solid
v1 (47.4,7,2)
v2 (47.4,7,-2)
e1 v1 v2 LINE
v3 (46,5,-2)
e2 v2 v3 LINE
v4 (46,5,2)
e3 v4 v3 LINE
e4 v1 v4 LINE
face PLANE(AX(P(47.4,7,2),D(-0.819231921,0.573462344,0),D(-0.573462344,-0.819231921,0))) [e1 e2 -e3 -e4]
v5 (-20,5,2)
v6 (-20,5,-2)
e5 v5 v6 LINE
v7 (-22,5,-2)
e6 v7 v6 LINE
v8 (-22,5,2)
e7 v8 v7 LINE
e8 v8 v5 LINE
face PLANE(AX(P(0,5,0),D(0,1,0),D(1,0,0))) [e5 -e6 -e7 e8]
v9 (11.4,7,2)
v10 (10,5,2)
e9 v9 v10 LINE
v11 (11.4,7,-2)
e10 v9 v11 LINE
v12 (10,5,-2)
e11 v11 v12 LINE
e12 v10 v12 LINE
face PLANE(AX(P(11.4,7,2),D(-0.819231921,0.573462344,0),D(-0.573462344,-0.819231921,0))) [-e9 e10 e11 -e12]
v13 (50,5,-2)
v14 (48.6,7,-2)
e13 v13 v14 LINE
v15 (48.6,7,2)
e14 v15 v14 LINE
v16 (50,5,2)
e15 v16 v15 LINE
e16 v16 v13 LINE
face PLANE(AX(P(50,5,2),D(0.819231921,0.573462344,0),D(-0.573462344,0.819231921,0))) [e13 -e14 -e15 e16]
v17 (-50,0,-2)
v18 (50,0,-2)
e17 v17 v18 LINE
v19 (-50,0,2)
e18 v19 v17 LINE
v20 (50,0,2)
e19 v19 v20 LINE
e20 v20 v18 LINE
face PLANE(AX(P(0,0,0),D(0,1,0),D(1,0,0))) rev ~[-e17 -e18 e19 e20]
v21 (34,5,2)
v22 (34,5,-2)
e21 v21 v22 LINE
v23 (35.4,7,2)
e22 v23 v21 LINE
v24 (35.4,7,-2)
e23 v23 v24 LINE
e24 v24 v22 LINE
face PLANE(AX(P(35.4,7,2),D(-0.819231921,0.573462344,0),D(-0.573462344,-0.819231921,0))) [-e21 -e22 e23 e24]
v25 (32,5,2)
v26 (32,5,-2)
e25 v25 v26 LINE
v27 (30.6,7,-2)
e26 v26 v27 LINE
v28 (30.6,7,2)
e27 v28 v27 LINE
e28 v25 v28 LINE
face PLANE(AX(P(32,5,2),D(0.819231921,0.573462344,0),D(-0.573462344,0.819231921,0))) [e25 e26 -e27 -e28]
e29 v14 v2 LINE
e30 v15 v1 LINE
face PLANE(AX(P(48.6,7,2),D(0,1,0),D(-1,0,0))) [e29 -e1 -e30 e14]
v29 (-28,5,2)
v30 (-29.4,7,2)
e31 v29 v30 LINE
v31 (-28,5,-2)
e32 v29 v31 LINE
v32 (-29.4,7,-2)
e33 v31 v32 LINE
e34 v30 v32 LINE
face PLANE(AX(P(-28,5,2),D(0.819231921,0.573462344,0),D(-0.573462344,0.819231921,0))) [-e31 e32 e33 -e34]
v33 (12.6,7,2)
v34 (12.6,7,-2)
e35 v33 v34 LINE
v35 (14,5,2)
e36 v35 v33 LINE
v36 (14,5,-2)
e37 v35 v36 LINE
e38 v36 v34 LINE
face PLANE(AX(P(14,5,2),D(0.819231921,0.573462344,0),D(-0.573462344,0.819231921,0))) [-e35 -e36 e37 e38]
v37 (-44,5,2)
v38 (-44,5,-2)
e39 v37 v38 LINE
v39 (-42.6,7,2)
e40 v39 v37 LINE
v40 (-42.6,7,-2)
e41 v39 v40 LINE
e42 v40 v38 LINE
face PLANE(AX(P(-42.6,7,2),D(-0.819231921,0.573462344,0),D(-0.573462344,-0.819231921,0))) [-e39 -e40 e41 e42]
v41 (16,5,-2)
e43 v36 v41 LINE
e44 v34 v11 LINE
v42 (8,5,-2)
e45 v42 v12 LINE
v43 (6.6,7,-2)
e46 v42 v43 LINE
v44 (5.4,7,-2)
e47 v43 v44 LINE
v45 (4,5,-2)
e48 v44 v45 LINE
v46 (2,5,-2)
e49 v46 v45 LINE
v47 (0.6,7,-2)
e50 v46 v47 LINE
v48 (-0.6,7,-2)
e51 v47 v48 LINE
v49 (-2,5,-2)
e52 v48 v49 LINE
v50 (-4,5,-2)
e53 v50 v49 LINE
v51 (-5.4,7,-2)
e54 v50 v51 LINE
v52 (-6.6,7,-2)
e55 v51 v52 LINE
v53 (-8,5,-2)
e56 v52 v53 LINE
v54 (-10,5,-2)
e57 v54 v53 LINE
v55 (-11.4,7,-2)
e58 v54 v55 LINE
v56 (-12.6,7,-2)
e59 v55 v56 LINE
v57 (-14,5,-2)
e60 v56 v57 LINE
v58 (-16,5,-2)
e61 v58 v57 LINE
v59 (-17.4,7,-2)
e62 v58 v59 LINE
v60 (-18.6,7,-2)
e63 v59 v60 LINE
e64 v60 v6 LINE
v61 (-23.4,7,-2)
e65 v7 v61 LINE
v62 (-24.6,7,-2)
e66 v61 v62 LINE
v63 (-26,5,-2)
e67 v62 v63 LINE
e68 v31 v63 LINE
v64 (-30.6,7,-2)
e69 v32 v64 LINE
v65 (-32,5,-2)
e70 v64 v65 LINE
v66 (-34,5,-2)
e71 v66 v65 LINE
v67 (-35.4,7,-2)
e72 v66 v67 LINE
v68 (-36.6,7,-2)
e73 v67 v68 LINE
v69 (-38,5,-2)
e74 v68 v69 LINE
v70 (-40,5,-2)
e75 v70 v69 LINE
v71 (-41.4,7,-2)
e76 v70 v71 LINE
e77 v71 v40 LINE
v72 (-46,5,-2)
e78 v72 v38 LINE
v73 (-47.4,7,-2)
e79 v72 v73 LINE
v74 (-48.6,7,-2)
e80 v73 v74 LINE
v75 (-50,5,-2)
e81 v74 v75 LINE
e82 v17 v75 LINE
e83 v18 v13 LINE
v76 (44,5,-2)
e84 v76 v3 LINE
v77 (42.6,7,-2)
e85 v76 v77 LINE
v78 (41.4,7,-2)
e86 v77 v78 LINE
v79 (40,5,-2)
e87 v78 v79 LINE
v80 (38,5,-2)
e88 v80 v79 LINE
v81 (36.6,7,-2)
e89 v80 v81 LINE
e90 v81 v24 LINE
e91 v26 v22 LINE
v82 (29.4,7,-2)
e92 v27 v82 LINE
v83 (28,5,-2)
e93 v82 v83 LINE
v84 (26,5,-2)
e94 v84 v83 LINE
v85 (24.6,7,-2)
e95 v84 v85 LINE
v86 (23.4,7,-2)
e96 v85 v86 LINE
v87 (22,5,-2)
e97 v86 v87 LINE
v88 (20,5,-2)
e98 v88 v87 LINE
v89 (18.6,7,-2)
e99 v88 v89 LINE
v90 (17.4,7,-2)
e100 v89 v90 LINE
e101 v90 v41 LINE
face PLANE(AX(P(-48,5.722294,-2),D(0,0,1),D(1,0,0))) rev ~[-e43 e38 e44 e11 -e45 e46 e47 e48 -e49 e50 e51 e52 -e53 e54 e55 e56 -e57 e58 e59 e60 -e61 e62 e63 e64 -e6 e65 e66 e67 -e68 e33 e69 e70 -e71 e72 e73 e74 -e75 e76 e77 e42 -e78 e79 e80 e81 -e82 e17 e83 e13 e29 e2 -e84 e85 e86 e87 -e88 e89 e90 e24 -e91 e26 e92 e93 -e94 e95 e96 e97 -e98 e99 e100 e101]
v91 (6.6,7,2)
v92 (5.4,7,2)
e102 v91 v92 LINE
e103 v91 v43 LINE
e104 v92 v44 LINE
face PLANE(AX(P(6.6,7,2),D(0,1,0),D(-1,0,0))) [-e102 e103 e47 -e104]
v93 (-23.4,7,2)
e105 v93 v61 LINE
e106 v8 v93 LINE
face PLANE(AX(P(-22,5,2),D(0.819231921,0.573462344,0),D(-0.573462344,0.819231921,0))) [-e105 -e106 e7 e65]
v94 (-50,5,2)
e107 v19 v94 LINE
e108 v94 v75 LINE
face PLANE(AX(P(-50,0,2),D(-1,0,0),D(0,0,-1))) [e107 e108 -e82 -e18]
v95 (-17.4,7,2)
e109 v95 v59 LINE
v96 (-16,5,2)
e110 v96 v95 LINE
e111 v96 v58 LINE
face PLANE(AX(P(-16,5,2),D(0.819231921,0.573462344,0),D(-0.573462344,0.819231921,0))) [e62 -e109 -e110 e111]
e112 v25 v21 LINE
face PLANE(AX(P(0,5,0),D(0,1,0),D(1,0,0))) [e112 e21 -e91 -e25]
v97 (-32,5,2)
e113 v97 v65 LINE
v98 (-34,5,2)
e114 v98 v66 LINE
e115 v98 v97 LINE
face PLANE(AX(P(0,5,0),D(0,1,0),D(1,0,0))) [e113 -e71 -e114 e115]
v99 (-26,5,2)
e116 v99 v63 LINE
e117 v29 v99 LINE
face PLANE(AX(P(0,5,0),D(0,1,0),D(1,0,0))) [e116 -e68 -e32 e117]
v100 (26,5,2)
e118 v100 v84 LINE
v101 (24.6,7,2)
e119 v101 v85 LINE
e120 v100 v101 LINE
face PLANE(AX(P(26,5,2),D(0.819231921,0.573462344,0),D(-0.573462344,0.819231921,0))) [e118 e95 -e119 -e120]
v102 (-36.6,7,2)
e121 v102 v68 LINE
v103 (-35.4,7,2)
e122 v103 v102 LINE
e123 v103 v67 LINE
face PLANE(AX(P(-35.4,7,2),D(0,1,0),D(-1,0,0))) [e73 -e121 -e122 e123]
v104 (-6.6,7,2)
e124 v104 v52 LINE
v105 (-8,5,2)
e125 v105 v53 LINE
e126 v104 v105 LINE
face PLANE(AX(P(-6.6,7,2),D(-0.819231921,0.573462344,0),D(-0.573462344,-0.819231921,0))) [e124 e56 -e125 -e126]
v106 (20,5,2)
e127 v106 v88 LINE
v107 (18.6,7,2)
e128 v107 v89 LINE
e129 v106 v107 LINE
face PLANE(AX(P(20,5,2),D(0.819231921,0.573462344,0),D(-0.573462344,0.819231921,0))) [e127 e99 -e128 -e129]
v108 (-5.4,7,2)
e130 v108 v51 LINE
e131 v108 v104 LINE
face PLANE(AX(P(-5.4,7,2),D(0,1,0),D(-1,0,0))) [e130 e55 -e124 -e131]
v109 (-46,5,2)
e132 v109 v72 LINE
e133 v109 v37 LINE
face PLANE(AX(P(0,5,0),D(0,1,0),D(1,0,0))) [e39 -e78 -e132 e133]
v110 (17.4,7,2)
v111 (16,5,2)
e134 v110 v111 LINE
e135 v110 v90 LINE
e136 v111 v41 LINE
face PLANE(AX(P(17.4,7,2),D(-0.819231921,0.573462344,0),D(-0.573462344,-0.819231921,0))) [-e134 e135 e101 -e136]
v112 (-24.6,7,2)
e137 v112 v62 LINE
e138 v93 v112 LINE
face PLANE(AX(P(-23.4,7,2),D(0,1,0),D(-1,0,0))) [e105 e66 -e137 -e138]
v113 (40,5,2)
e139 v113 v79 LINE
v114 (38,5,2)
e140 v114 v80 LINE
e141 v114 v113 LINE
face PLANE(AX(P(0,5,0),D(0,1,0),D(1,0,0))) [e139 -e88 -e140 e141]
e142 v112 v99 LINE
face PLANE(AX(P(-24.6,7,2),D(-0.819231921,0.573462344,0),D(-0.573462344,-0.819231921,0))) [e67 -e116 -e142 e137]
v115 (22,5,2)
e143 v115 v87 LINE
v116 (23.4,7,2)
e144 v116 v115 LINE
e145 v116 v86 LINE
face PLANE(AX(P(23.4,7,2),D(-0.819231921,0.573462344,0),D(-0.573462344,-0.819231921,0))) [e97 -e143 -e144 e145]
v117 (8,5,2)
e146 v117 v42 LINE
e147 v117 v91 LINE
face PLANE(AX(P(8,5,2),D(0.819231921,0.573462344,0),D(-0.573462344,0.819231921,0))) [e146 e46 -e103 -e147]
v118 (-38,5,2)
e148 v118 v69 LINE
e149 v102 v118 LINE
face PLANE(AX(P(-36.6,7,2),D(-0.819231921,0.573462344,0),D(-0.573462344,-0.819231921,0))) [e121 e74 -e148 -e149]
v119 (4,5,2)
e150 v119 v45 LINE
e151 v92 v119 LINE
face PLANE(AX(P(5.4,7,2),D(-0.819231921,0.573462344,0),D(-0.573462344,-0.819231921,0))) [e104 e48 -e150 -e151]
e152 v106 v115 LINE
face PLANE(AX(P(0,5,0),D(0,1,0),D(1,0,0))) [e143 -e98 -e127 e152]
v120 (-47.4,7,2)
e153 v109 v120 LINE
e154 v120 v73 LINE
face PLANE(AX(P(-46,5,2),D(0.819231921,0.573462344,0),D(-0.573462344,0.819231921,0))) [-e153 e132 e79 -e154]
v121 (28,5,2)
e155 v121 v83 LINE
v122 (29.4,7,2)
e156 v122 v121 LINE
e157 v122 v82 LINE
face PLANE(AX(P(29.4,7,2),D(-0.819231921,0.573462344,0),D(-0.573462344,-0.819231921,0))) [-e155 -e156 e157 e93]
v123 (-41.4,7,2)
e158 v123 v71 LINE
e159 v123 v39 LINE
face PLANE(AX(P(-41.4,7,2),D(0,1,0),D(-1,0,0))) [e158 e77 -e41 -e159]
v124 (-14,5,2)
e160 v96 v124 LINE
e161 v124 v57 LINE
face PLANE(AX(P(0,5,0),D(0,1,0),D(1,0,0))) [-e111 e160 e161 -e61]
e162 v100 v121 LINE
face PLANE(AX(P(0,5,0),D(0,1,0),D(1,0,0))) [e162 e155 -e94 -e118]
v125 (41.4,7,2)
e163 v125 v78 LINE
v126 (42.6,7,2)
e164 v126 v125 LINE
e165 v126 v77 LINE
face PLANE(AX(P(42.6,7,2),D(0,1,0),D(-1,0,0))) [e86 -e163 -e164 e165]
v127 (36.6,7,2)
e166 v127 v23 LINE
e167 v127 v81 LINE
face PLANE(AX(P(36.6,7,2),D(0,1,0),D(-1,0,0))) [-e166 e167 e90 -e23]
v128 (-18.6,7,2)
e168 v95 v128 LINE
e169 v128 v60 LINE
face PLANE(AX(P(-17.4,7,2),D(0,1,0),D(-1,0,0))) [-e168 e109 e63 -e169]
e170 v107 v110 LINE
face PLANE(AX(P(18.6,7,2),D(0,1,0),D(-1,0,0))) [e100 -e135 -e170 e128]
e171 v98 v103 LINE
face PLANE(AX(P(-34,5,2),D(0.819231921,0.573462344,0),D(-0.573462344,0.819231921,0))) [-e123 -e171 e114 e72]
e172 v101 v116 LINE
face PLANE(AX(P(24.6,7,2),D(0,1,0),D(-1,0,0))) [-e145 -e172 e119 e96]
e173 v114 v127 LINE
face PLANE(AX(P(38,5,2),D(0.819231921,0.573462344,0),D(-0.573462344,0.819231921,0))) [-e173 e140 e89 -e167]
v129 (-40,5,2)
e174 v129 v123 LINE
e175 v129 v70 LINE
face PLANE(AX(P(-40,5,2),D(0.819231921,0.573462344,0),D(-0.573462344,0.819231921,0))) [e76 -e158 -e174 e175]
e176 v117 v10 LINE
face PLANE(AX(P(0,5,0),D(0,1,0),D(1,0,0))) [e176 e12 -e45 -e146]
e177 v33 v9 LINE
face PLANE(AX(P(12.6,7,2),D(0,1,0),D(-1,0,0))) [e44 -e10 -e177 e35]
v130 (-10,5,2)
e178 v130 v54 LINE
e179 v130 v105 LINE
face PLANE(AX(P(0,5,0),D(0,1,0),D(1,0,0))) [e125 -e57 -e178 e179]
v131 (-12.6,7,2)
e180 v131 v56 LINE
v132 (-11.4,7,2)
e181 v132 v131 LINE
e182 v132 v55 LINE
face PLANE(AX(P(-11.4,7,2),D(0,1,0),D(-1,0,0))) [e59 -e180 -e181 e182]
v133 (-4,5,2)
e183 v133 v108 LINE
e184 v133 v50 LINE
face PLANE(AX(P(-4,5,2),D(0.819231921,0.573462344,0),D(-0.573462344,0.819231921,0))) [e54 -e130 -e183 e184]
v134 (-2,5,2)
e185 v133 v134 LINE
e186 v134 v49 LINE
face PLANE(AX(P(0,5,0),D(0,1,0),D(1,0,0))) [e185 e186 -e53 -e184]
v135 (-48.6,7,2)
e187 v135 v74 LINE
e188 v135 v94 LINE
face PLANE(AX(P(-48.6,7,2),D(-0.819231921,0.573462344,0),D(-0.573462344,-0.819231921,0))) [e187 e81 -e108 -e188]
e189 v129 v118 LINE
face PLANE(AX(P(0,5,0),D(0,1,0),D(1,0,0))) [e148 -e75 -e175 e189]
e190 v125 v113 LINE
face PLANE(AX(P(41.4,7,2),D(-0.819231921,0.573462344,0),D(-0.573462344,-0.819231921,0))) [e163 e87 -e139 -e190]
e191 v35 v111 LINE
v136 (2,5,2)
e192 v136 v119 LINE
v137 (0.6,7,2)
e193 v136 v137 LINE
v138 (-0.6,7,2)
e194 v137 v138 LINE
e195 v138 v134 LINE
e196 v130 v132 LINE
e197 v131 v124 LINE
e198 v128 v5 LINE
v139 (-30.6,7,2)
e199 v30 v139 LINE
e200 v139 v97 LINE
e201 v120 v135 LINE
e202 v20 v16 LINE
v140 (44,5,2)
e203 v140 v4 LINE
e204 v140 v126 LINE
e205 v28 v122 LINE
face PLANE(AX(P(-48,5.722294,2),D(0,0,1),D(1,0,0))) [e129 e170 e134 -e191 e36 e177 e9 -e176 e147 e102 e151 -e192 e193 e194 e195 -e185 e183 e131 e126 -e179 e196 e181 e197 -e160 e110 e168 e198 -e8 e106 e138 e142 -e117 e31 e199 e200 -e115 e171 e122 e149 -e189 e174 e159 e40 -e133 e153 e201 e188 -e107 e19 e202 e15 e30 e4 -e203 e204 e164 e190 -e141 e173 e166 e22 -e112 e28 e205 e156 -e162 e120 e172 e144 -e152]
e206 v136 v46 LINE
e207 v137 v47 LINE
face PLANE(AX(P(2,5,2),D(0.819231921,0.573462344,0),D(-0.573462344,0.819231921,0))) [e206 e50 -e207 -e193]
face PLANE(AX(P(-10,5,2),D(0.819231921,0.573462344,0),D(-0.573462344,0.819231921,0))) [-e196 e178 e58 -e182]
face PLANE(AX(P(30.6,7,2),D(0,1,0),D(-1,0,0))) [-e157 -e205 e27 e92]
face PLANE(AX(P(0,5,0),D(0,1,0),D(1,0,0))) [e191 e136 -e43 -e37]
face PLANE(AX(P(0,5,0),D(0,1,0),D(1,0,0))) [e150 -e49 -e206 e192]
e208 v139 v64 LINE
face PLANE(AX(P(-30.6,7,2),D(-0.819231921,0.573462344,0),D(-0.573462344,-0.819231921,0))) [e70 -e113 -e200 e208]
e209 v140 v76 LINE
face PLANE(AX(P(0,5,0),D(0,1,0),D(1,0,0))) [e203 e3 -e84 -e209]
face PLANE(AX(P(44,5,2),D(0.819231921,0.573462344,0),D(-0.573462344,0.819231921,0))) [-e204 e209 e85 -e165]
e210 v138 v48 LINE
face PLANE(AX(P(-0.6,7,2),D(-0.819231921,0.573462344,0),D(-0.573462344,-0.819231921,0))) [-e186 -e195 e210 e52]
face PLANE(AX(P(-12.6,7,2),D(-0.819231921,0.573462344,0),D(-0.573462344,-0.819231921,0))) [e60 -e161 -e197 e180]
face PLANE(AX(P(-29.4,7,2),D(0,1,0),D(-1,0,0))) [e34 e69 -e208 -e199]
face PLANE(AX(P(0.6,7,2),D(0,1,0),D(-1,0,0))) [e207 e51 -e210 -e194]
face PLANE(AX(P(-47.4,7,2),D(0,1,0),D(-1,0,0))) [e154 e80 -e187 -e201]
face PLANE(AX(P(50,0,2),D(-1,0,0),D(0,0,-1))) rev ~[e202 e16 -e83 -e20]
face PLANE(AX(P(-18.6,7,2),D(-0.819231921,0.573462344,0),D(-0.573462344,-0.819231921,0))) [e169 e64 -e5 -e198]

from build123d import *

# Parameters (mm, degrees)
SKETCH2_W           = 100
SKETCH2_H           = 4
BOSS_EXTRUDE1_DEPTH = 5
BOSS_EXTRUDE2_DEPTH = 4


with BuildPart() as part:
    # Sketch2 → Boss-Extrude1 (new body)
    with BuildSketch(Plane(origin=(0, 0, 0), x_dir=(1, 0, 0), z_dir=(0, 1, 0))):
        Rectangle(SKETCH2_W, SKETCH2_H)
    extrude(amount=BOSS_EXTRUDE1_DEPTH)

    # Sketch3 → Boss-Extrude2 (add)
    with BuildSketch(Plane.XY.offset(2)):
        Polygon((-50, 5), (-46, 5), (-47.4, 7), (-48.6, 7), align=None)
        Polygon((-42.6, 7), (-44, 5), (-40, 5), (-41.4, 7), align=None)
        Polygon((-36.6, 7), (-38, 5), (-34, 5), (-35.4, 7), align=None)
        Polygon((-30.6, 7), (-32, 5), (-28, 5), (-29.4, 7), align=None)
        Polygon((-24.6, 7), (-26, 5), (-22, 5), (-23.4, 7), align=None)
        Polygon((-18.6, 7), (-20, 5), (-16, 5), (-17.4, 7), align=None)
        Polygon((-12.6, 7), (-14, 5), (-10, 5), (-11.4, 7), align=None)
        Polygon((-6.6, 7), (-8, 5), (-4, 5), (-5.4, 7), align=None)
        Polygon((-0.6, 7), (-2, 5), (2, 5), (0.6, 7), align=None)
        Polygon((5.4, 7), (4, 5), (8, 5), (6.6, 7), align=None)
        Polygon((11.4, 7), (10, 5), (14, 5), (12.6, 7), align=None)
        Polygon((17.4, 7), (16, 5), (20, 5), (18.6, 7), align=None)
        Polygon((23.4, 7), (22, 5), (26, 5), (24.6, 7), align=None)
        Polygon((29.4, 7), (28, 5), (32, 5), (30.6, 7), align=None)
        Polygon((35.4, 7), (34, 5), (38, 5), (36.6, 7), align=None)
        Polygon((41.4, 7), (40, 5), (44, 5), (42.6, 7), align=None)
        Polygon((47.4, 7), (46, 5), (50, 5), (48.6, 7), align=None)
    extrude(amount=-BOSS_EXTRUDE2_DEPTH)


solid = part.part
